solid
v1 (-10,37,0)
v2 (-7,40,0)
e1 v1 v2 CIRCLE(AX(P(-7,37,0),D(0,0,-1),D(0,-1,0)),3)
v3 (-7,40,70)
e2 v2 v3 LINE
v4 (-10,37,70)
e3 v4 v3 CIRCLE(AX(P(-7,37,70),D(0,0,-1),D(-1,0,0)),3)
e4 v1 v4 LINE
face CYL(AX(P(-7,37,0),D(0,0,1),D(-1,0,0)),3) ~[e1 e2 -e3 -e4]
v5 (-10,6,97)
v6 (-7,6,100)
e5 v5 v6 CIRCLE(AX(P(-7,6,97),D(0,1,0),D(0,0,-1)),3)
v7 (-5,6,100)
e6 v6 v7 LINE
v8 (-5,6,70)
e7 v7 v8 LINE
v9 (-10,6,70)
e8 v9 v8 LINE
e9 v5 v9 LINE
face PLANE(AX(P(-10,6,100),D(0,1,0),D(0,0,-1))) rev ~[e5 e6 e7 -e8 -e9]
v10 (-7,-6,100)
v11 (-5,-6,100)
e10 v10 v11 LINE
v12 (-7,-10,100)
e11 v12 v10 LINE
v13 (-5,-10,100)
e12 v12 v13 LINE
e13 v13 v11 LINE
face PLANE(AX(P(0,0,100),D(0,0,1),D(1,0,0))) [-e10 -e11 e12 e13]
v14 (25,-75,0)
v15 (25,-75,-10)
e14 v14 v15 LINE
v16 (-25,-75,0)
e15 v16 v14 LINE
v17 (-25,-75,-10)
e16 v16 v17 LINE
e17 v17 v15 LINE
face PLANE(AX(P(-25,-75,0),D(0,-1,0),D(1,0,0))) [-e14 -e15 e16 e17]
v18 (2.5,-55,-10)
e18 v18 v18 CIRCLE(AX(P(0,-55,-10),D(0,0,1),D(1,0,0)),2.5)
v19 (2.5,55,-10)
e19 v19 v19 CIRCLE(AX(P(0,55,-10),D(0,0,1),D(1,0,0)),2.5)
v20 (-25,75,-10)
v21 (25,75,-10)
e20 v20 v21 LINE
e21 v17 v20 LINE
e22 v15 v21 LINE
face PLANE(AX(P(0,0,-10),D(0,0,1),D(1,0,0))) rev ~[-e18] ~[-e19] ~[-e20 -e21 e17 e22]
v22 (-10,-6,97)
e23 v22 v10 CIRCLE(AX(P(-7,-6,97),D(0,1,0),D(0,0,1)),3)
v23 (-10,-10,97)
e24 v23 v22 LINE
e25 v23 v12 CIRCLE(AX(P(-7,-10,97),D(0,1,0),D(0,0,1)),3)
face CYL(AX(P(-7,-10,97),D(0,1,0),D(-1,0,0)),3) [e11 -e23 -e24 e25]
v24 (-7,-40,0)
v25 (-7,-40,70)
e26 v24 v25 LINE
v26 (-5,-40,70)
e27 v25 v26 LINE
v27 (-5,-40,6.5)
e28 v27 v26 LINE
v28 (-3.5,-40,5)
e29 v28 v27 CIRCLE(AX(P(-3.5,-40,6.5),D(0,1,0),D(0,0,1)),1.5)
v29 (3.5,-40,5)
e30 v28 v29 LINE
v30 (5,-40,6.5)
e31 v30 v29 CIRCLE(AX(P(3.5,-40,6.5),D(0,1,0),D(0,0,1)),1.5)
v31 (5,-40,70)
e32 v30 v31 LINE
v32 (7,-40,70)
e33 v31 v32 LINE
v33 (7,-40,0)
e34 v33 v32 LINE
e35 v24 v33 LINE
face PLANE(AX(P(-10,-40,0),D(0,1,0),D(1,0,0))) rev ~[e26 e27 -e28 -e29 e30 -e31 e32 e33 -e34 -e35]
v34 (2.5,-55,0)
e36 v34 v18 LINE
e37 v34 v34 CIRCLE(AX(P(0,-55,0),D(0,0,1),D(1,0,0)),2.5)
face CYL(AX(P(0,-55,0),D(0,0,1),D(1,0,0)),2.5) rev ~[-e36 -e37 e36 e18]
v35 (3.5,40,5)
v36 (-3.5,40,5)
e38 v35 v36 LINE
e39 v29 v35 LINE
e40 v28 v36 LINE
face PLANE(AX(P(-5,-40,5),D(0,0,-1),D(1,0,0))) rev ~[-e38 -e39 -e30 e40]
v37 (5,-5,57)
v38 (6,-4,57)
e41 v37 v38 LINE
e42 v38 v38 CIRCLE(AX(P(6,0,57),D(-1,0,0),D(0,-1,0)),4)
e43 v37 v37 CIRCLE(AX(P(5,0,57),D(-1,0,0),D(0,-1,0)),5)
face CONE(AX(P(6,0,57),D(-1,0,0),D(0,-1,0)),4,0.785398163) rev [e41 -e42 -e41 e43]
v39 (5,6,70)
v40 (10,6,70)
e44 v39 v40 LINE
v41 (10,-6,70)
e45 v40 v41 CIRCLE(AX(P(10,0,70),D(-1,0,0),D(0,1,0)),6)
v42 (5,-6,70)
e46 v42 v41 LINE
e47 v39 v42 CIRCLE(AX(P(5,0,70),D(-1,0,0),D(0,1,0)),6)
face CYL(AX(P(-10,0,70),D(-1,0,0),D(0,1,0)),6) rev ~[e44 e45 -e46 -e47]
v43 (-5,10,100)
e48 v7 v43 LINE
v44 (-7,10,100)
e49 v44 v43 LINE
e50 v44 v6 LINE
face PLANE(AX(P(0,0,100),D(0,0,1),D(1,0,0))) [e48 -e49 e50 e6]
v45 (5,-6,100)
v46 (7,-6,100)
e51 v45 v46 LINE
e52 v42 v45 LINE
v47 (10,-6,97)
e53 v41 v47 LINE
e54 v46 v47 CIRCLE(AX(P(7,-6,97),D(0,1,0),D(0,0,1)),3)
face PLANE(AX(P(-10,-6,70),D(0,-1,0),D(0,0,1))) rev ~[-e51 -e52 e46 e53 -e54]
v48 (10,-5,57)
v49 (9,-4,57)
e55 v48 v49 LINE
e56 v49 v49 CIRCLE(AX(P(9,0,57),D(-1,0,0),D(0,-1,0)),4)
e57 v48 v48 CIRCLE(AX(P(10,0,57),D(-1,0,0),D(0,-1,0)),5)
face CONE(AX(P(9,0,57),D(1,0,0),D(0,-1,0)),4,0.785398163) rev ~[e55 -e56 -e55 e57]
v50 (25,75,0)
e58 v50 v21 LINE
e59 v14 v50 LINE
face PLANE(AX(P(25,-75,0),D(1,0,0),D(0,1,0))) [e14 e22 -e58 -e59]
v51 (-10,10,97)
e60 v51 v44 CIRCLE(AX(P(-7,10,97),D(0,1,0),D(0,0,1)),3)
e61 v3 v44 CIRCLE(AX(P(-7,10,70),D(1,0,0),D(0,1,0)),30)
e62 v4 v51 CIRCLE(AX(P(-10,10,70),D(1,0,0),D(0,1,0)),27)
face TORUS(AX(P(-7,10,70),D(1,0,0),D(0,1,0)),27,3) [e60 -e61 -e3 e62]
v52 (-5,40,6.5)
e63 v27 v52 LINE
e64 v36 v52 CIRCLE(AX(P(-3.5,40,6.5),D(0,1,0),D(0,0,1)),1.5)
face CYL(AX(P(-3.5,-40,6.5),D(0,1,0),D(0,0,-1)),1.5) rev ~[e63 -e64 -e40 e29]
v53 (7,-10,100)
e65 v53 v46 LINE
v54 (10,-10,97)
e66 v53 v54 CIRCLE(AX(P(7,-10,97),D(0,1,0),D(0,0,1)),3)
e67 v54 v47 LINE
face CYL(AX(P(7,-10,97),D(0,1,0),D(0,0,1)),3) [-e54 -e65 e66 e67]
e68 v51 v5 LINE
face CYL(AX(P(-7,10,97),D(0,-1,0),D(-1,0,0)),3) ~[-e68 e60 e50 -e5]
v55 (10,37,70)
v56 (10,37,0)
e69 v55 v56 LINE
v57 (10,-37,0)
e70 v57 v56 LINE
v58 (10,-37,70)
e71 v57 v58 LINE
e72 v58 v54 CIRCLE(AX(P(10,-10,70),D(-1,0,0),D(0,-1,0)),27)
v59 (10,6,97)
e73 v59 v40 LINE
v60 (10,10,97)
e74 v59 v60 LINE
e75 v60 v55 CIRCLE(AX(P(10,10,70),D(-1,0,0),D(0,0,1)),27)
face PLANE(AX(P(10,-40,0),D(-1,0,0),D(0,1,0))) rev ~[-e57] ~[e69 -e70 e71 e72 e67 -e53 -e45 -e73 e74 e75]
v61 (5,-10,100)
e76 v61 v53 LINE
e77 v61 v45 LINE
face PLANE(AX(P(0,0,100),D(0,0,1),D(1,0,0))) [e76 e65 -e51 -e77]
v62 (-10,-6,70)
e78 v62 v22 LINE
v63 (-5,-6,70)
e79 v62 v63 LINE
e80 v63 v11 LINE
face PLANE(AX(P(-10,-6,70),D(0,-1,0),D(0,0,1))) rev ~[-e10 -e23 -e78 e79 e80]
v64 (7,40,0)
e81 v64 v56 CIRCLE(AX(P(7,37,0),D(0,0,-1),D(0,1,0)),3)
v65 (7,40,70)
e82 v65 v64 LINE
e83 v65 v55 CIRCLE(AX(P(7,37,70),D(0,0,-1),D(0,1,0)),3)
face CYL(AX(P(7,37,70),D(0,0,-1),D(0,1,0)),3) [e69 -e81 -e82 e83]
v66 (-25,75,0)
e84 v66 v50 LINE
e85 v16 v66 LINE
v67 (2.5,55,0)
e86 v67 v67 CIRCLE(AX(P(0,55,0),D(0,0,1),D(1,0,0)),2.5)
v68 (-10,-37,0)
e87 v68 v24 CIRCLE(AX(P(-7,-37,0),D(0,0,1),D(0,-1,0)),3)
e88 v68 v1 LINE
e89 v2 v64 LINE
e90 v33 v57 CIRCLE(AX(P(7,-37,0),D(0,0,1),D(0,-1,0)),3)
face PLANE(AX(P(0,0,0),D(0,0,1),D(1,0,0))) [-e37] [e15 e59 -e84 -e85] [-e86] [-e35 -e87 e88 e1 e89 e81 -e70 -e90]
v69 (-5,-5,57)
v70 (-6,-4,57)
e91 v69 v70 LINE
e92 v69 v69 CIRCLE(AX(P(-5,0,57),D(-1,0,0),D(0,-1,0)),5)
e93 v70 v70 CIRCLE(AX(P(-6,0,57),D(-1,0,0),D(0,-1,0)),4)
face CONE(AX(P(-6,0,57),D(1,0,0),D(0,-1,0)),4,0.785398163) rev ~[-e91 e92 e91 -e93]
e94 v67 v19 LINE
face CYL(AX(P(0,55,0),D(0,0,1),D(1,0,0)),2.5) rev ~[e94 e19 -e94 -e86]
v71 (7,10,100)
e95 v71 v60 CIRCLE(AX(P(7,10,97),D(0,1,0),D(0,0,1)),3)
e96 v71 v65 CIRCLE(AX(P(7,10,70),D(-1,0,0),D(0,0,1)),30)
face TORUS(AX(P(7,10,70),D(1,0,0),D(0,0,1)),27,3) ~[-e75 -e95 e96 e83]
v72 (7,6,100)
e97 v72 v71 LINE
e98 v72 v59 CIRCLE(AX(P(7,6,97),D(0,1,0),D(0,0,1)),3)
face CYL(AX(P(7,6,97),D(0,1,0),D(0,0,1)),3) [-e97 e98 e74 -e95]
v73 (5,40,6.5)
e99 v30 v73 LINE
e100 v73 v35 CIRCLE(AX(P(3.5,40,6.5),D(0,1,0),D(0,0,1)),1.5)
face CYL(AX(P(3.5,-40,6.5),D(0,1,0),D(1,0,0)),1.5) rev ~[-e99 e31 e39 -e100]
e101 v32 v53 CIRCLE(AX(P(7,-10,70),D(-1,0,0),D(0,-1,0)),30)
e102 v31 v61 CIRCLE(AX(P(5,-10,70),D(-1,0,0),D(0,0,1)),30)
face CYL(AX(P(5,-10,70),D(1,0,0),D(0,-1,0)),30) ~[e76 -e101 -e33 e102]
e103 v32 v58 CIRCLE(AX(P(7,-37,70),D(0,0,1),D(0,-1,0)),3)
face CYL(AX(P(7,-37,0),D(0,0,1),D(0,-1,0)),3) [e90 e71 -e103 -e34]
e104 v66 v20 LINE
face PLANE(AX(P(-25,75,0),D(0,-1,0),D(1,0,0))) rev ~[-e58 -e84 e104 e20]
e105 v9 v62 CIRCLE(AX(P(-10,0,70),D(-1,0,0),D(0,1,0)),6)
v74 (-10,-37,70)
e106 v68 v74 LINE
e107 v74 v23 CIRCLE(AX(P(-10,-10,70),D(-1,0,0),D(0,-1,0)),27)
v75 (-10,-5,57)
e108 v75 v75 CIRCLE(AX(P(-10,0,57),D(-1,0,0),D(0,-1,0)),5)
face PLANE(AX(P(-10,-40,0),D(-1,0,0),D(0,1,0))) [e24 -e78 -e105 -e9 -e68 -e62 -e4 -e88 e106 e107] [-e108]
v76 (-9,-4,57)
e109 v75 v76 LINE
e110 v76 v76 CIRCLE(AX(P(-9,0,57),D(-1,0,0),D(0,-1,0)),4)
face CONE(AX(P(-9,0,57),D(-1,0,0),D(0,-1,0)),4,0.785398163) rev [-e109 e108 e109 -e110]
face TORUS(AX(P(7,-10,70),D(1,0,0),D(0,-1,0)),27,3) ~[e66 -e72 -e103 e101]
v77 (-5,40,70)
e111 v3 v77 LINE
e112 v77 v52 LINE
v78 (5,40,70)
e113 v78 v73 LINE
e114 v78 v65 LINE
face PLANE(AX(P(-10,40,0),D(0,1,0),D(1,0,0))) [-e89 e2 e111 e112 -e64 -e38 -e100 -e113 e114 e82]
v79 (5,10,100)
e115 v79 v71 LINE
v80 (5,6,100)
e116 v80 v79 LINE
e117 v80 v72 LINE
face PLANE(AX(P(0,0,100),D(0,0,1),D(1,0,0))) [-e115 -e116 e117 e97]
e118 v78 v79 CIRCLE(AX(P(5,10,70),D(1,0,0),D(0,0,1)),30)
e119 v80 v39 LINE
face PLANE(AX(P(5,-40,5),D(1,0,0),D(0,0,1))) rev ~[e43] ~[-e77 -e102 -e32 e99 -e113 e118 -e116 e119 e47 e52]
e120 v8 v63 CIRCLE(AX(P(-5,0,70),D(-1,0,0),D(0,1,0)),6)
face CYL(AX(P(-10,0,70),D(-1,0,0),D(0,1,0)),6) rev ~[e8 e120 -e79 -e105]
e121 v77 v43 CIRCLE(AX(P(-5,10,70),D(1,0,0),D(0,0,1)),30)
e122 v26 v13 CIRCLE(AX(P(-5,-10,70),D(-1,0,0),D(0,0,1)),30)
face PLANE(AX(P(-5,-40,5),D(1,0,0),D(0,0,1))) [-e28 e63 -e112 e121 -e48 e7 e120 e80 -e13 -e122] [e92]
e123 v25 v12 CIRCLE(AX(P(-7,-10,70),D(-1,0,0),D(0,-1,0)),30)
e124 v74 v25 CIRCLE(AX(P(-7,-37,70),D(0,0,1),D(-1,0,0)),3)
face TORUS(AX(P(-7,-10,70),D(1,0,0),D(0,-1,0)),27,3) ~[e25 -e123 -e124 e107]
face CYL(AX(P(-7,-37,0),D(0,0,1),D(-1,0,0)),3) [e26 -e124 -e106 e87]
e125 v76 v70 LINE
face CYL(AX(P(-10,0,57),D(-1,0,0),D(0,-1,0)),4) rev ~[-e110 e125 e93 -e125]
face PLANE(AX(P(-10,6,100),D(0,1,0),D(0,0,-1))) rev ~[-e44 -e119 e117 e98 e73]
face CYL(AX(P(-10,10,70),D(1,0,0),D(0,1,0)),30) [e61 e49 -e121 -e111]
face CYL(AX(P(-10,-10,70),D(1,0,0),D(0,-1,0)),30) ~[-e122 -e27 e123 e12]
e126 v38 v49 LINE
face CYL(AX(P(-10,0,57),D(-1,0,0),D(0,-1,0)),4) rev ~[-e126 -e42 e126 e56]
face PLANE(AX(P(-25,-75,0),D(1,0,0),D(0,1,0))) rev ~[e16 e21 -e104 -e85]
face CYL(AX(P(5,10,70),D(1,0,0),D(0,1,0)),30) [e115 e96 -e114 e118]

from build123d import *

# Parameters (mm, degrees)
F0_W     = 50
F0_H     = 150
F0_R     = 2.5
F0_W_2   = 20
F0_H_2   = 80
F1_DEPTH = 10
F2_DEPTH = 100
F4_DEPTH = 20
F5_W     = 10
F5_H     = 95
F6_DEPTH = 115.001
F7_R     = 1.5
F8_R     = 4
F9_DEPTH = 35.001
F10_SIZE = 1
F11_R    = 30
F12_R    = 3


with BuildPart() as f1:
    # F0 (on Top) → F1 (new body)
    with BuildSketch(Plane.XY):
        Rectangle(F0_W, F0_H)
        with Locations((0, -55)):
            Circle(F0_R, mode=Mode.SUBTRACT)
        Rectangle(F0_W_2, F0_H_2, mode=Mode.SUBTRACT)
        with Locations((0, 55)):
            Circle(F0_R, mode=Mode.SUBTRACT)
        Rectangle(F0_W_2, F0_H_2)
    extrude(amount=-F1_DEPTH)

    # F0 (on Top) → F2 (join)
    with BuildSketch(Plane.XY):
        Rectangle(F0_W_2, F0_H_2)
    extrude(amount=F2_DEPTH)

    # F3 (on face) → F4 (cut, through all)
    with BuildSketch(Plane(origin=(-10, 0, 0), x_dir=(0, -1, 0), z_dir=(-1, 0, 0))):
        with BuildLine():
            Line((-6, 100), (-6, 70))
            ThreePointArc((-6, 70), (0, 64), (6, 70))
            Line((6, 70), (6, 100))
            Line((6, 100), (-6, 100))
        make_face()
    extrude(amount=-F4_DEPTH, mode=Mode.SUBTRACT)

    # F5 (on face) → F6 (cut, through all)
    with BuildSketch(Plane.XZ.offset(40)):
        with Locations((0, 52.5)):
            Rectangle(F5_W, F5_H)
    extrude(amount=-F6_DEPTH, mode=Mode.SUBTRACT)

    # F7
    f7_edges = [f1.edges().sort_by_distance(p)[0] for p in [
        (5, 0, 5),
        (-5, 0, 5),
    ]]
    fillet(f7_edges, radius=F7_R)

    # F8 (on face) → F9 (cut, through all)
    with BuildSketch(Plane(origin=(-10, 0, 0), x_dir=(0, -1, 0), z_dir=(-1, 0, 0))):
        with Locations((0, 57)):
            Circle(F8_R)
    extrude(amount=-F9_DEPTH, mode=Mode.SUBTRACT)

    # F10
    f10_edges = [f1.edges().sort_by_distance(p)[0] for p in [
        (-10, 4, 57),
        (-5, 4, 57),
        (5, 4, 57),
        (10, 4, 57),
    ]]
    chamfer(f10_edges, length=F10_SIZE)

    # F11
    f11_edges = [f1.edges().sort_by_distance(p)[0] for p in [
        (-7.5, 40, 100),
        (7.5, 40, 100),
        (7.5, -40, 100),
        (-7.5, -40, 100),
    ]]
    fillet(f11_edges, radius=F11_R)

    # F12
    f12_edges = [f1.edges().sort_by_distance(p)[0] for p in [
        (-10, 31.213203, 91.213203),
        (-10, 8, 100),
        (-10, -8, 100),
        (-10, -31.213203, 91.213203),
        (10, -31.213203, 91.213203),
        (10, -8, 100),
        (10, 8, 100),
        (10, 31.213203, 91.213203),
    ]]
    fillet(f12_edges, radius=F12_R)


solid = f1.part
